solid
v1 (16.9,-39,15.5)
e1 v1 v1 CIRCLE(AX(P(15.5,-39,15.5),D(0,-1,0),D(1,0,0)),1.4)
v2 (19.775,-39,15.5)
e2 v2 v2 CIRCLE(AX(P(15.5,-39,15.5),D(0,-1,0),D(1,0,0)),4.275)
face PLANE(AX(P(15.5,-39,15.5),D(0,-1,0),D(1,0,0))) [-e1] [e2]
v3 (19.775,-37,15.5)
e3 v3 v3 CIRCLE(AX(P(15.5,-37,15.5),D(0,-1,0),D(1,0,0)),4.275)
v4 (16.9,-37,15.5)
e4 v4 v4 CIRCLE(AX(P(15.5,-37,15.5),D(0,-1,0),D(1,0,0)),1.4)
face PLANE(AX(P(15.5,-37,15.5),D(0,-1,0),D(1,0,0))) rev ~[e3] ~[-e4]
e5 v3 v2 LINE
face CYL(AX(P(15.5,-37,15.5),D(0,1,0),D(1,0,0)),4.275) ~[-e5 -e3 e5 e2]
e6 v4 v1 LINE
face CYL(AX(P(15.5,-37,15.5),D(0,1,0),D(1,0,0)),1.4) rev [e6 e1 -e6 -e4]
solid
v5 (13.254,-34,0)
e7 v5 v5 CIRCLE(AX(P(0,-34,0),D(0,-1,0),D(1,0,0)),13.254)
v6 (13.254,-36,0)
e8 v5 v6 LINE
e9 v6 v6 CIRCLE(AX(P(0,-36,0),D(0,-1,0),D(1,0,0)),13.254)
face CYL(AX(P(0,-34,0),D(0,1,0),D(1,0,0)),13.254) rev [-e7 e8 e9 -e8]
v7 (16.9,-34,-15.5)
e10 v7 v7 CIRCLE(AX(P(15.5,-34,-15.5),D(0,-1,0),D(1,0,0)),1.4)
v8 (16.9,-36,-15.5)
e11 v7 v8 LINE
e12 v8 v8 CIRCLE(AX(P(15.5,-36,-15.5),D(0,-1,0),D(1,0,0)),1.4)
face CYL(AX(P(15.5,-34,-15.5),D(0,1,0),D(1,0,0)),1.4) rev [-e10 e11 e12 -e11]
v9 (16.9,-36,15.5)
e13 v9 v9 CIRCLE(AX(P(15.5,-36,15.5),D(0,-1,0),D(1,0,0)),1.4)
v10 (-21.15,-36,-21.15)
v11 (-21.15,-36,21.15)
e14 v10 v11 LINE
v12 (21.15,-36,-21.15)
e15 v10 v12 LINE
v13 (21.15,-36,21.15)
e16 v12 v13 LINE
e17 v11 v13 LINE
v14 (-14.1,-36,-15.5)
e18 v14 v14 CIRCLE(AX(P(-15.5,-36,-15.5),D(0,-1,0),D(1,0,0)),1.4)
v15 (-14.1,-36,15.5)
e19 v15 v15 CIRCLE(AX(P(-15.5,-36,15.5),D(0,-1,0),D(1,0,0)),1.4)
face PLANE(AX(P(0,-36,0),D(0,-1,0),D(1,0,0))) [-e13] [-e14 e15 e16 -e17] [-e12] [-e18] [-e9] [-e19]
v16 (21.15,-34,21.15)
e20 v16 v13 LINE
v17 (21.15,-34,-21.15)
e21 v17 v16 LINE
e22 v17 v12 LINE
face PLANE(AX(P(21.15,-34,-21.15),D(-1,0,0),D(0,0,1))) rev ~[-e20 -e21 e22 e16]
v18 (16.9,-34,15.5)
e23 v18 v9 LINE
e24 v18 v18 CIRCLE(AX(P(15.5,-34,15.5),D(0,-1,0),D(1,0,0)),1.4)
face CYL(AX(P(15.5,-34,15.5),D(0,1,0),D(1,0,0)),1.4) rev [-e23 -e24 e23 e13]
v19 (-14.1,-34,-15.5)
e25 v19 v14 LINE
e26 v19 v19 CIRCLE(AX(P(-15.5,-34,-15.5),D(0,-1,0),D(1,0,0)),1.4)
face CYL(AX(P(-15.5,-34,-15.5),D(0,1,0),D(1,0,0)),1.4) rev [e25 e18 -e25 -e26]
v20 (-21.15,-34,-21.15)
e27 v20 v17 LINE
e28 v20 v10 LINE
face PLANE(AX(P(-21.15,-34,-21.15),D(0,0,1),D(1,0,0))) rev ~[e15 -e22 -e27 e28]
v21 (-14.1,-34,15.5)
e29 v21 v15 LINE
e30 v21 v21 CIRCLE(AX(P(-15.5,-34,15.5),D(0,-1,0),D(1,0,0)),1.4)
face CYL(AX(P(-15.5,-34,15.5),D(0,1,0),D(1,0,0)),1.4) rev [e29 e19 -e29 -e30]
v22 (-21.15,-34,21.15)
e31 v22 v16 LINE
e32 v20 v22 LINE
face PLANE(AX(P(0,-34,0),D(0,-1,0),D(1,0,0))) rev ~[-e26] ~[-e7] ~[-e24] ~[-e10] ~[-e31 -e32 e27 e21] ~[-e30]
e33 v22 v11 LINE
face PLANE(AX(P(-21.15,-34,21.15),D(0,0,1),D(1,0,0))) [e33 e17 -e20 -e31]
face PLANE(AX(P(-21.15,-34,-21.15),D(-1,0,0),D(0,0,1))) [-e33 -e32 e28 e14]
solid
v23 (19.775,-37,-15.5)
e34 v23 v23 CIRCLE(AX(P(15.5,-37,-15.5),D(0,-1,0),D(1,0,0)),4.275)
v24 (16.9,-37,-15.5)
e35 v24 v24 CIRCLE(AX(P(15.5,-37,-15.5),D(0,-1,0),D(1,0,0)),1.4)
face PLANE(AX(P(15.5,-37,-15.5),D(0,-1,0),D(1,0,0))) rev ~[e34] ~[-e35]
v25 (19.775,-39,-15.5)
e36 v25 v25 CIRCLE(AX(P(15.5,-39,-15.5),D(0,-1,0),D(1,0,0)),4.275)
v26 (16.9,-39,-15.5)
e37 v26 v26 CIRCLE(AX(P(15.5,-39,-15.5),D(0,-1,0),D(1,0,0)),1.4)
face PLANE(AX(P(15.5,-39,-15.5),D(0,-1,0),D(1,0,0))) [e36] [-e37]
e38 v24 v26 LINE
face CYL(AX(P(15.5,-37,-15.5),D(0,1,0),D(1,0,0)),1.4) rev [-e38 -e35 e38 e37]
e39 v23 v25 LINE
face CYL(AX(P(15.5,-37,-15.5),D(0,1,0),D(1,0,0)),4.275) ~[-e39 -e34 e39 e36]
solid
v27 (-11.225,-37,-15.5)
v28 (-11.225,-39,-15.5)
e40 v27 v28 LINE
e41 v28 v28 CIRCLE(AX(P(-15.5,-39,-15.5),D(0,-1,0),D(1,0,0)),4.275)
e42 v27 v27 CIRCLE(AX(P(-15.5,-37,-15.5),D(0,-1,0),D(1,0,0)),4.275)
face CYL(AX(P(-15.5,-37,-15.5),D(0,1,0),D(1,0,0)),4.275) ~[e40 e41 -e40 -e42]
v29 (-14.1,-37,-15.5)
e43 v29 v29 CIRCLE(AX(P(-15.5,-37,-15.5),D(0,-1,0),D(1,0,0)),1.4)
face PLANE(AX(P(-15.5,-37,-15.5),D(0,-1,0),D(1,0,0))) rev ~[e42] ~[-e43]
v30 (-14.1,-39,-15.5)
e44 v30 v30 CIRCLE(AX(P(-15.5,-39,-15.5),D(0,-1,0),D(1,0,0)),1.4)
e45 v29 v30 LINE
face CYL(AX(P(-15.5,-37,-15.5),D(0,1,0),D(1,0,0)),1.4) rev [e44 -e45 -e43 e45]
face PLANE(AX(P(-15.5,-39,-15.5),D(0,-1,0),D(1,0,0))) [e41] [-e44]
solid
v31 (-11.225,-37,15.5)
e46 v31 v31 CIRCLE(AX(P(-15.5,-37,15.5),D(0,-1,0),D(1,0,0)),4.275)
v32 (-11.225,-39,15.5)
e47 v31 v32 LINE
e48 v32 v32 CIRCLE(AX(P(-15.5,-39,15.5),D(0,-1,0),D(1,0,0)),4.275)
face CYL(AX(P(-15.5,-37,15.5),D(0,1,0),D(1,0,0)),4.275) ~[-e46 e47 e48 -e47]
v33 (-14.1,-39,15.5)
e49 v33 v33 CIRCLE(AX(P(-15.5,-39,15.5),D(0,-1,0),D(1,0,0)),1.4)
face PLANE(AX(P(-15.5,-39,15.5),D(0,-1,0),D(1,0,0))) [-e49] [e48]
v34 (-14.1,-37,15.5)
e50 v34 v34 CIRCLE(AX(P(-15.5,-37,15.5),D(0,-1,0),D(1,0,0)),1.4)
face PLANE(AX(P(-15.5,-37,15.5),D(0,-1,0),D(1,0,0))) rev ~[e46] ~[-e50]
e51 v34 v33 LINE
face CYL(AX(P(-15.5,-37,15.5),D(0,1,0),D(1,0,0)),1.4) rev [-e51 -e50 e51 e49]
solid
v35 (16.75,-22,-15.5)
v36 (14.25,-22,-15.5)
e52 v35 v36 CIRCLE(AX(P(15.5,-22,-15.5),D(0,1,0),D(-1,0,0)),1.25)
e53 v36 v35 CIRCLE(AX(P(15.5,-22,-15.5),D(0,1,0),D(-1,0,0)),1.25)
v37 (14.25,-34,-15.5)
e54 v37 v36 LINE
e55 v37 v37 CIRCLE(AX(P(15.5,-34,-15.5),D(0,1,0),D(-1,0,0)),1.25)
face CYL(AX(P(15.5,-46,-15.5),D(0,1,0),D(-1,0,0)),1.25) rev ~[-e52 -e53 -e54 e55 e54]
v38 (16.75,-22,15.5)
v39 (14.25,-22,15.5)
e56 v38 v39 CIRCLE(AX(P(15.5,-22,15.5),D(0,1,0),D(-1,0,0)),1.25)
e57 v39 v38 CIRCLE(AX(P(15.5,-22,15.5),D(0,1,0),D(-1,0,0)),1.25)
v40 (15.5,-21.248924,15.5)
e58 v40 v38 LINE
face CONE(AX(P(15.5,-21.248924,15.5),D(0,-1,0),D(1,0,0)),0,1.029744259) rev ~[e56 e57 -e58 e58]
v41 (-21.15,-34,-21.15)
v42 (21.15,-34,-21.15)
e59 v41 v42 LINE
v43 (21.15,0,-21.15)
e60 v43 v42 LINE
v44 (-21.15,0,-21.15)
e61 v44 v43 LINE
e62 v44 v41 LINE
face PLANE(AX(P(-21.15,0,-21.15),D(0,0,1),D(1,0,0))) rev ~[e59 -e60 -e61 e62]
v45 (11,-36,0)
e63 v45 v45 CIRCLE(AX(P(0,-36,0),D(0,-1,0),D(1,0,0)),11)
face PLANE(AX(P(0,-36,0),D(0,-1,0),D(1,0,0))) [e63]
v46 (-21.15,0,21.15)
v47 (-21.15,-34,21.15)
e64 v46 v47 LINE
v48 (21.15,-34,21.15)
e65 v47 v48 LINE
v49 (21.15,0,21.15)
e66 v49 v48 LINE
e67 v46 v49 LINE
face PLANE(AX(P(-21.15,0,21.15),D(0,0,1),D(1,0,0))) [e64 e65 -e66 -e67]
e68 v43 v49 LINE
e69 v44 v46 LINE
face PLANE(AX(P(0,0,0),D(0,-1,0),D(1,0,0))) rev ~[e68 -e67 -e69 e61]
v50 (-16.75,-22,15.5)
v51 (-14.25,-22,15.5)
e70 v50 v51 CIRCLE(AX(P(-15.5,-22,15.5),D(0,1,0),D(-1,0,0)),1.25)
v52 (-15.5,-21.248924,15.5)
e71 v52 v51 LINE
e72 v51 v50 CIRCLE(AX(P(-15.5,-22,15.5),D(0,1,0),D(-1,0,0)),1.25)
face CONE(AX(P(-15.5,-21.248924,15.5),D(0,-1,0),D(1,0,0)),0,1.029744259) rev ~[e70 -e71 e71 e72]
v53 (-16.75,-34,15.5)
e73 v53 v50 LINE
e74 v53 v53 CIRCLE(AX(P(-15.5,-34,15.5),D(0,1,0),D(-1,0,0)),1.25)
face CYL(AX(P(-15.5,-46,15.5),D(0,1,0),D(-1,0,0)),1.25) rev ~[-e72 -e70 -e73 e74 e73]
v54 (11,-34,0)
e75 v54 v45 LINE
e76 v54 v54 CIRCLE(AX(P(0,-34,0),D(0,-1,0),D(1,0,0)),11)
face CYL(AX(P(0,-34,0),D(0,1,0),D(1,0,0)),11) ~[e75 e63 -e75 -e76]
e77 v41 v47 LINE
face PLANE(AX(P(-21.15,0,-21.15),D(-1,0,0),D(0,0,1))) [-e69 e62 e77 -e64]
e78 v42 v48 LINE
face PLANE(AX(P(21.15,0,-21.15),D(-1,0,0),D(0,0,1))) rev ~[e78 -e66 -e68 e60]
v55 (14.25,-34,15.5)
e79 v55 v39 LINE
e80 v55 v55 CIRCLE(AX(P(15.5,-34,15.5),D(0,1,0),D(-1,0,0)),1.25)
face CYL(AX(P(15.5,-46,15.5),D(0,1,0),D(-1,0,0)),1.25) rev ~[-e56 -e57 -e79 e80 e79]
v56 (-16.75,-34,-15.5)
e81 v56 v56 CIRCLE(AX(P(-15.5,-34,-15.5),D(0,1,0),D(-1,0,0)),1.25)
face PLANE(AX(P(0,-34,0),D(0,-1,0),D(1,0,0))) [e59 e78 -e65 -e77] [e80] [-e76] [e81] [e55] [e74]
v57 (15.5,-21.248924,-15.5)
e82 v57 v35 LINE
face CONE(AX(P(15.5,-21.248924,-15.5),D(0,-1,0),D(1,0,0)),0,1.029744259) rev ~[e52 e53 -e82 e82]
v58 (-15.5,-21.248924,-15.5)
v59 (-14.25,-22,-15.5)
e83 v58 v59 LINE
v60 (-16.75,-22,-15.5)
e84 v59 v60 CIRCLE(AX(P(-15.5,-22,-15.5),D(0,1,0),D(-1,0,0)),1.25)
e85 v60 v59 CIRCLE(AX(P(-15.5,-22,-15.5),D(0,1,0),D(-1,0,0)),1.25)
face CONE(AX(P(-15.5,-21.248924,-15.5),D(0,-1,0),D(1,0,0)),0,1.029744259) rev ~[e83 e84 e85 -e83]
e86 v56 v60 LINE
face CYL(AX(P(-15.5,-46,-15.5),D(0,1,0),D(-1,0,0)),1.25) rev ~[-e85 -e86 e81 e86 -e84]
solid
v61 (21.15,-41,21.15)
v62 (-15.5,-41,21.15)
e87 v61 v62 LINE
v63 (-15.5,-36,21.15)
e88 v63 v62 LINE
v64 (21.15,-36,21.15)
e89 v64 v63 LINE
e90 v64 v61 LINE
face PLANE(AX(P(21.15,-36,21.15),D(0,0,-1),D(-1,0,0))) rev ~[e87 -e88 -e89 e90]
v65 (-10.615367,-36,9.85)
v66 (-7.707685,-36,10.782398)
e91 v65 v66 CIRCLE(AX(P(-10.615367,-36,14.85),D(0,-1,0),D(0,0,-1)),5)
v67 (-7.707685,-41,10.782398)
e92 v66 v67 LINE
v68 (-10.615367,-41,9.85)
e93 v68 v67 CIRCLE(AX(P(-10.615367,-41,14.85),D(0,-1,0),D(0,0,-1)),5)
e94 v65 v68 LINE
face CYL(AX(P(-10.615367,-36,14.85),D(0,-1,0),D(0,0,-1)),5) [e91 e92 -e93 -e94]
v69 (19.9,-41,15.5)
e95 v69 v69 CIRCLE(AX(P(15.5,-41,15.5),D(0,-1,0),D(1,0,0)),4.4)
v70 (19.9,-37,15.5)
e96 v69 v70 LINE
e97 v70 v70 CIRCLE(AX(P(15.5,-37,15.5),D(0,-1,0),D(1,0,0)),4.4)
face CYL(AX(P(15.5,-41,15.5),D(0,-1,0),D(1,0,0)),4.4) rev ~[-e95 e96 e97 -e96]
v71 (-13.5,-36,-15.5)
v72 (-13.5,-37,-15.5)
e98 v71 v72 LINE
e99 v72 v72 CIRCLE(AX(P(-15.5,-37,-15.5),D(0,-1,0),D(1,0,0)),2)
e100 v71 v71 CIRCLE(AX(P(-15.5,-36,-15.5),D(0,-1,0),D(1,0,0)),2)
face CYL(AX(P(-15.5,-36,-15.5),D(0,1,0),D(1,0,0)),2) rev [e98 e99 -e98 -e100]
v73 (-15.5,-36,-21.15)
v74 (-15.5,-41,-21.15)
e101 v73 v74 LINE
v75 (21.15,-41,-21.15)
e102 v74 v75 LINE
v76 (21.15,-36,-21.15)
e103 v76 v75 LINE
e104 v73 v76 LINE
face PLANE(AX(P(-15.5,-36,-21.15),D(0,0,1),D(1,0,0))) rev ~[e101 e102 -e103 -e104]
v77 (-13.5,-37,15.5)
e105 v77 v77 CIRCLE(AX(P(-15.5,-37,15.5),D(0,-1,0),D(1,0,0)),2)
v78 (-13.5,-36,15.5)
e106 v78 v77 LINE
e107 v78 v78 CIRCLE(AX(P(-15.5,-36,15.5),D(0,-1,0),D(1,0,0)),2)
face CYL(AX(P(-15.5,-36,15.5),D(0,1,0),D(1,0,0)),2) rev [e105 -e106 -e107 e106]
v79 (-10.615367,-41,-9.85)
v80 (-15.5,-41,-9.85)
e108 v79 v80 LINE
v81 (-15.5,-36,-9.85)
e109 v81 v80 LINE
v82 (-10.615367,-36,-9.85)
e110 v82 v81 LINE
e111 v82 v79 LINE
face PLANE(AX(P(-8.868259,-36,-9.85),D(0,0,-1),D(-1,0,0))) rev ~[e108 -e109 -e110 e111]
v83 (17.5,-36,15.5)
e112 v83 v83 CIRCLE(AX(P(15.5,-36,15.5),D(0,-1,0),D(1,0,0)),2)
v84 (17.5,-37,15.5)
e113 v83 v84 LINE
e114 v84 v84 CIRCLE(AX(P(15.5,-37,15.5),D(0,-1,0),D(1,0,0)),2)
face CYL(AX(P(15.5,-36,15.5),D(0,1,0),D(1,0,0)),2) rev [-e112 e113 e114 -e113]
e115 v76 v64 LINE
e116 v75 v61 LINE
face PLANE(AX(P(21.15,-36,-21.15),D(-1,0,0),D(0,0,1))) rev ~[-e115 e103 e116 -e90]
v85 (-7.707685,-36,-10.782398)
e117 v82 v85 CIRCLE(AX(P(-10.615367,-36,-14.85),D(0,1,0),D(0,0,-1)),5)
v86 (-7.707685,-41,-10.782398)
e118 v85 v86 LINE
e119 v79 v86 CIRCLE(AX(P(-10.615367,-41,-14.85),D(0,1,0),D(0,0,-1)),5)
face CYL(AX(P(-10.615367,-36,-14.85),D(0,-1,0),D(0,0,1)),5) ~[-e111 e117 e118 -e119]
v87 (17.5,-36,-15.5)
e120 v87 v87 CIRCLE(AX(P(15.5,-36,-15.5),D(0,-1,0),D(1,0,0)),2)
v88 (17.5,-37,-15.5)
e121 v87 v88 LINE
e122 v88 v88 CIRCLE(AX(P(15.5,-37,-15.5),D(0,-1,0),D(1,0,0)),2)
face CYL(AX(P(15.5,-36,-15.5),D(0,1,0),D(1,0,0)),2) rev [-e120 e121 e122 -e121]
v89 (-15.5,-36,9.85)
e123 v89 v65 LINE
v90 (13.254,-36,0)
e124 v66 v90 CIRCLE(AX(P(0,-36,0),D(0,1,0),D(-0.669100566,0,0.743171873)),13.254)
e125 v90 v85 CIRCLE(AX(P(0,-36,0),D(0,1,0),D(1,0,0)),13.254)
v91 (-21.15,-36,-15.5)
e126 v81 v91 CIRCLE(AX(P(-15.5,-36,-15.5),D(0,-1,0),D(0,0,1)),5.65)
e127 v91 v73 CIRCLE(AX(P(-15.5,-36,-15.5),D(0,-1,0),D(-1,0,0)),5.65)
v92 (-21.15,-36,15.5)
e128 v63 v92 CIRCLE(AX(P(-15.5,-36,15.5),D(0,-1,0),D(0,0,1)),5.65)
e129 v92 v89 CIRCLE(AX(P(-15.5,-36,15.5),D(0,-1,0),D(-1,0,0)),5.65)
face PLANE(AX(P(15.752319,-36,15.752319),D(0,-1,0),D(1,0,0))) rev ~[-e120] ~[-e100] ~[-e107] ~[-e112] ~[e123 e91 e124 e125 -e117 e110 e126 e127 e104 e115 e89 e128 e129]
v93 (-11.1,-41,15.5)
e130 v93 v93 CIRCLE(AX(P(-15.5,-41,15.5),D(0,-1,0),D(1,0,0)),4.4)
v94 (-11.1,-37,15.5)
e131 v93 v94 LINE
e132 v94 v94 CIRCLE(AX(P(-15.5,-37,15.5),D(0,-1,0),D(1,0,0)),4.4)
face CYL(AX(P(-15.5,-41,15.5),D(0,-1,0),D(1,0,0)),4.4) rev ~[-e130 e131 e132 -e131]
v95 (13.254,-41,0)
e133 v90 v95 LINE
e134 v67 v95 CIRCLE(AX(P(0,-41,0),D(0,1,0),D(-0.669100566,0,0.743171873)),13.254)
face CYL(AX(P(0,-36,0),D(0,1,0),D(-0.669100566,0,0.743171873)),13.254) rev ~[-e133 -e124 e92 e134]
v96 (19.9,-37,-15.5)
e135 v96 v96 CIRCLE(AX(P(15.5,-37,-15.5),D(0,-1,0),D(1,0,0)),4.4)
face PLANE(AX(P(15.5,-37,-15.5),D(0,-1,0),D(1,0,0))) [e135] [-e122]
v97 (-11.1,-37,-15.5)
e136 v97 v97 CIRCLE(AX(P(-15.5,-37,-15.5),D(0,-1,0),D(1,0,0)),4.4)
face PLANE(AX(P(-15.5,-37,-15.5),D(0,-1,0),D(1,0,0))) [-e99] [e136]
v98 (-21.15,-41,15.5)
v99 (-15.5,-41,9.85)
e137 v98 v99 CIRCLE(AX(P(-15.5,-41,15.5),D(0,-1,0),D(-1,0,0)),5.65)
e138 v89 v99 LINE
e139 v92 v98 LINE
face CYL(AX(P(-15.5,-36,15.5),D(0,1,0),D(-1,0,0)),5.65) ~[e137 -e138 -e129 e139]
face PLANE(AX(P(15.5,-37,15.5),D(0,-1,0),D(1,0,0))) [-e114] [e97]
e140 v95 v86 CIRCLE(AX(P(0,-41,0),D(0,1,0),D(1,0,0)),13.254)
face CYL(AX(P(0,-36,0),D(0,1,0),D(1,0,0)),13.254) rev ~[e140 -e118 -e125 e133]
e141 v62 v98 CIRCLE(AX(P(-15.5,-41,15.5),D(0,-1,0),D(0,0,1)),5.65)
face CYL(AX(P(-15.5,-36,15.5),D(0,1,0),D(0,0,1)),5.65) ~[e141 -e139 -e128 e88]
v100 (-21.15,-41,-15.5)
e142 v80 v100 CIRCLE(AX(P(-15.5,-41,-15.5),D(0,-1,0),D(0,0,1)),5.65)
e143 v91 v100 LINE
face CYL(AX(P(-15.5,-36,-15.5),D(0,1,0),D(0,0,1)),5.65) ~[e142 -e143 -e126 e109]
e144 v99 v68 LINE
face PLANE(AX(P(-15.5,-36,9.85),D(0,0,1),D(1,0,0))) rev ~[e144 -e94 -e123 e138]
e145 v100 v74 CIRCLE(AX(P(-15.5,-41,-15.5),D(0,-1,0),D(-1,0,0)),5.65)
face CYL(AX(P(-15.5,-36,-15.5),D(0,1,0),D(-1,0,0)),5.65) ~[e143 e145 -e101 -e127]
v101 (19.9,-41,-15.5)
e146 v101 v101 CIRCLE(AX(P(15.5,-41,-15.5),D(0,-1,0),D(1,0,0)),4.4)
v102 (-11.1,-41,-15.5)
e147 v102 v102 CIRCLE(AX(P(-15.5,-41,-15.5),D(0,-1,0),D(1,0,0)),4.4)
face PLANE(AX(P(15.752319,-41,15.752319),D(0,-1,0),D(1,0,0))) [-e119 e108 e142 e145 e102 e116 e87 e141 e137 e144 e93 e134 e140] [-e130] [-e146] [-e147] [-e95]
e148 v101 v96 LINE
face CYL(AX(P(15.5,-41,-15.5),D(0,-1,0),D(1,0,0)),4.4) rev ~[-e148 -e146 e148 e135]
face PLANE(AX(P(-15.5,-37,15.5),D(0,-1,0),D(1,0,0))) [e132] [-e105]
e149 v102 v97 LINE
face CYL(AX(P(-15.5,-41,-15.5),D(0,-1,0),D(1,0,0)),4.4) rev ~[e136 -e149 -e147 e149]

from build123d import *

# Parameters (mm, degrees)
F0_W      = 42.3
F0_H      = 42.3
F1_DEPTH  = 34
F2_R      = 11
F3_DEPTH  = 2
F5_D      = 2.5
F5_DEPTH  = 12
F5_TIP    = 0.7510757738
F6_W      = 42.3
F6_H      = 42.3
F6_R      = 1.4
F6_R_2    = 13.254
F7_DEPTH  = 2
F8_R      = 2
F9_DEPTH  = 5
F10_R     = 5
F11_R     = 4.4
F11_R_2   = 2
F12_DEPTH = 4
F13_R     = 4.275
F13_R_2   = 1.4
F14_DEPTH = 2
F13_R_3   = 2


with BuildPart() as f1:
    # F0 (on Front) → F1 (new body)
    with BuildSketch(Plane.XZ):
        Rectangle(F0_W, F0_H)
    extrude(amount=F1_DEPTH)

    # F2 (on face) → F3 (join)
    with BuildSketch(Plane.XZ.offset(34)):
        Circle(F2_R)
    extrude(amount=F3_DEPTH)

    # F5
    with Locations(Plane.XZ.offset(34)):
        with Locations((-15.5, 15.5), (15.5, 15.5), (15.5, -15.5), (-15.5, -15.5)):
            Hole(F5_D / 2, depth=F5_DEPTH)
            with Locations((0, 0, -(F5_DEPTH + F5_TIP / 2))):  # 118° drill point
                Cone(0, F5_D / 2, F5_TIP, mode=Mode.SUBTRACT)


with BuildPart() as f7:
    # F6 (on face) → F7 (new body)
    with BuildSketch(Plane.XZ.offset(34)):
        Rectangle(F6_W, F6_H)
        with Locations((-15.5, -15.5)):
            Circle(F6_R, mode=Mode.SUBTRACT)
        with Locations((15.5, -15.5)):
            Circle(F6_R, mode=Mode.SUBTRACT)
        with Locations((-15.5, 15.5)):
            Circle(F6_R, mode=Mode.SUBTRACT)
        Circle(F6_R_2, mode=Mode.SUBTRACT)
        with Locations((15.5, 15.5)):
            Circle(F6_R, mode=Mode.SUBTRACT)
    extrude(amount=F7_DEPTH)


with BuildPart() as f9:
    # F8 (on face) → F9 (new body)
    with BuildSketch(Plane.XZ.offset(36)):
        with BuildLine():
            ThreePointArc((21.15, 15.5), (19.4951533137, 19.4951533137), (15.5, 21.15))
            ThreePointArc((15.5, 21.15), (11.5048466863, 11.5048466863), (21.15, 15.5))
        make_face()
        with Locations((15.5, 15.5)):
            Circle(F8_R, mode=Mode.SUBTRACT)
        with BuildLine():
            Line((21.15, 21.15), (15.5, 21.15))
            ThreePointArc((15.5, 21.15), (19.4951533137, 19.4951533137), (21.15, 15.5))
            Line((21.15, 15.5), (21.15, 21.15))
        make_face()
        with BuildLine():
            ThreePointArc((-15.5, 21.15), (-11.5048466863, 19.4951533137), (-9.85, 15.5))
            ThreePointArc((-9.85, 15.5), (-11.5048466863, 11.5048466863), (-15.5, 9.85))
            Line((-15.5, 9.85), (-8.8682589047, 9.85))
            ThreePointArc((-8.8682589047, 9.85), (5.3911321853, 12.1080225372), (13.254, 0))
            ThreePointArc((13.254, 0), (5.3911321853, -12.1080225372), (-8.8682589047, -9.85))
            Line((-8.8682589047, -9.85), (-15.5, -9.85))
            ThreePointArc((-15.5, -9.85), (-11.5048466863, -11.5048466863), (-9.85, -15.5))
            ThreePointArc((-9.85, -15.5), (-11.5048466863, -19.4951533137), (-15.5, -21.15))
            Line((-15.5, -21.15), (15.5, -21.15))
            ThreePointArc((15.5, -21.15), (11.5048466863, -11.5048466863), (21.15, -15.5))
            Line((21.15, -15.5), (21.15, 15.5))
            ThreePointArc((21.15, 15.5), (11.5048466863, 11.5048466863), (15.5, 21.15))
            Line((15.5, 21.15), (-15.5, 21.15))
        make_face()
        with BuildLine():
            ThreePointArc((15.5, -21.15), (19.4951533137, -19.4951533137), (21.15, -15.5))
            ThreePointArc((21.15, -15.5), (11.5048466863, -11.5048466863), (15.5, -21.15))
        make_face()
        with Locations((15.5, -15.5)):
            Circle(F8_R, mode=Mode.SUBTRACT)
        with BuildLine():
            Line((21.15, -21.15), (21.15, -15.5))
            ThreePointArc((21.15, -15.5), (19.4951533137, -19.4951533137), (15.5, -21.15))
            Line((15.5, -21.15), (21.15, -21.15))
        make_face()
        with BuildLine():
            ThreePointArc((-15.5, 9.85), (-11.5048466863, 11.5048466863), (-9.85, 15.5))
            ThreePointArc((-9.85, 15.5), (-11.5048466863, 19.4951533137), (-15.5, 21.15))
            ThreePointArc((-15.5, 21.15), (-19.4951533137, 19.4951533137), (-21.15, 15.5))
            ThreePointArc((-21.15, 15.5), (-19.4951533137, 11.5048466863), (-15.5, 9.85))
        make_face()
        with Locations((-15.5, 15.5)):
            Circle(F8_R, mode=Mode.SUBTRACT)
        with BuildLine():
            ThreePointArc((-15.5, -9.85), (-19.4951533137, -11.5048466863), (-21.15, -15.5))
            ThreePointArc((-21.15, -15.5), (-19.4951533137, -19.4951533137), (-15.5, -21.15))
            ThreePointArc((-15.5, -21.15), (-11.5048466863, -19.4951533137), (-9.85, -15.5))
            ThreePointArc((-9.85, -15.5), (-11.5048466863, -11.5048466863), (-15.5, -9.85))
        make_face()
        with Locations((-15.5, -15.5)):
            Circle(F8_R, mode=Mode.SUBTRACT)
    extrude(amount=F9_DEPTH)

    # F10
    f10_edges = [f9.edges().sort_by_distance(p)[0] for p in [
        (-8.868259, -38.5, -9.85),
        (-8.868259, -38.5, 9.85),
    ]]
    fillet(f10_edges, radius=F10_R)

    # F11 (on face) → F12 (cut)
    with BuildSketch(Plane.XZ.offset(41)):
        with Locations((-15.5, 15.5)):
            Circle(F11_R)
        with Locations((-15.5, 15.5)):
            Circle(F11_R_2, mode=Mode.SUBTRACT)
        with Locations((15.5, 15.5)):
            Circle(F11_R)
        with Locations((15.5, 15.5)):
            Circle(F11_R_2, mode=Mode.SUBTRACT)
        with Locations((15.5, -15.5)):
            Circle(F11_R)
        with Locations((15.5, -15.5)):
            Circle(F11_R_2, mode=Mode.SUBTRACT)
        with Locations((-15.5, -15.5)):
            Circle(F11_R)
        with Locations((-15.5, -15.5)):
            Circle(F11_R_2, mode=Mode.SUBTRACT)
    extrude(amount=-F12_DEPTH, mode=Mode.SUBTRACT)


with BuildPart() as f14:
    # F13 (on face) → F14 (new body)
    with BuildSketch(Plane.XZ.offset(37)):
        with Locations((-15.5, -15.5)):
            Circle(F13_R)
        with Locations((-15.5, -15.5)):
            Circle(F13_R_2, mode=Mode.SUBTRACT)
    extrude(amount=F14_DEPTH)


with BuildPart() as f14b:
    # F13 (on face) → F14, piece 2 (new body)
    with BuildSketch(Plane.XZ.offset(37)):
        with Locations((15.5, -15.5)):
            Circle(F13_R)
        with Locations((15.5, -15.5)):
            Circle(F13_R_2, mode=Mode.SUBTRACT)
    extrude(amount=F14_DEPTH)


with BuildPart() as f14c:
    # F13 (on face) → F14, piece 3 (new body)
    with BuildSketch(Plane.XZ.offset(37)):
        with Locations((15.5, 15.5)):
            Circle(F13_R)
        with Locations((15.5, 15.5)):
            Circle(F13_R_3, mode=Mode.SUBTRACT)
        with Locations((15.5, 15.5)):
            Circle(F13_R_3)
        with Locations((15.5, 15.5)):
            Circle(F13_R_2, mode=Mode.SUBTRACT)
    extrude(amount=F14_DEPTH)


with BuildPart() as f14d:
    # F13 (on face) → F14, piece 4 (new body)
    with BuildSketch(Plane.XZ.offset(37)):
        with Locations((-15.5, 15.5)):
            Circle(F13_R)
        with Locations((-15.5, 15.5)):
            Circle(F13_R_2, mode=Mode.SUBTRACT)
    extrude(amount=F14_DEPTH)


solid = Compound([f1.part, f7.part, f9.part, f14.part, f14b.part, f14c.part, f14d.part])
